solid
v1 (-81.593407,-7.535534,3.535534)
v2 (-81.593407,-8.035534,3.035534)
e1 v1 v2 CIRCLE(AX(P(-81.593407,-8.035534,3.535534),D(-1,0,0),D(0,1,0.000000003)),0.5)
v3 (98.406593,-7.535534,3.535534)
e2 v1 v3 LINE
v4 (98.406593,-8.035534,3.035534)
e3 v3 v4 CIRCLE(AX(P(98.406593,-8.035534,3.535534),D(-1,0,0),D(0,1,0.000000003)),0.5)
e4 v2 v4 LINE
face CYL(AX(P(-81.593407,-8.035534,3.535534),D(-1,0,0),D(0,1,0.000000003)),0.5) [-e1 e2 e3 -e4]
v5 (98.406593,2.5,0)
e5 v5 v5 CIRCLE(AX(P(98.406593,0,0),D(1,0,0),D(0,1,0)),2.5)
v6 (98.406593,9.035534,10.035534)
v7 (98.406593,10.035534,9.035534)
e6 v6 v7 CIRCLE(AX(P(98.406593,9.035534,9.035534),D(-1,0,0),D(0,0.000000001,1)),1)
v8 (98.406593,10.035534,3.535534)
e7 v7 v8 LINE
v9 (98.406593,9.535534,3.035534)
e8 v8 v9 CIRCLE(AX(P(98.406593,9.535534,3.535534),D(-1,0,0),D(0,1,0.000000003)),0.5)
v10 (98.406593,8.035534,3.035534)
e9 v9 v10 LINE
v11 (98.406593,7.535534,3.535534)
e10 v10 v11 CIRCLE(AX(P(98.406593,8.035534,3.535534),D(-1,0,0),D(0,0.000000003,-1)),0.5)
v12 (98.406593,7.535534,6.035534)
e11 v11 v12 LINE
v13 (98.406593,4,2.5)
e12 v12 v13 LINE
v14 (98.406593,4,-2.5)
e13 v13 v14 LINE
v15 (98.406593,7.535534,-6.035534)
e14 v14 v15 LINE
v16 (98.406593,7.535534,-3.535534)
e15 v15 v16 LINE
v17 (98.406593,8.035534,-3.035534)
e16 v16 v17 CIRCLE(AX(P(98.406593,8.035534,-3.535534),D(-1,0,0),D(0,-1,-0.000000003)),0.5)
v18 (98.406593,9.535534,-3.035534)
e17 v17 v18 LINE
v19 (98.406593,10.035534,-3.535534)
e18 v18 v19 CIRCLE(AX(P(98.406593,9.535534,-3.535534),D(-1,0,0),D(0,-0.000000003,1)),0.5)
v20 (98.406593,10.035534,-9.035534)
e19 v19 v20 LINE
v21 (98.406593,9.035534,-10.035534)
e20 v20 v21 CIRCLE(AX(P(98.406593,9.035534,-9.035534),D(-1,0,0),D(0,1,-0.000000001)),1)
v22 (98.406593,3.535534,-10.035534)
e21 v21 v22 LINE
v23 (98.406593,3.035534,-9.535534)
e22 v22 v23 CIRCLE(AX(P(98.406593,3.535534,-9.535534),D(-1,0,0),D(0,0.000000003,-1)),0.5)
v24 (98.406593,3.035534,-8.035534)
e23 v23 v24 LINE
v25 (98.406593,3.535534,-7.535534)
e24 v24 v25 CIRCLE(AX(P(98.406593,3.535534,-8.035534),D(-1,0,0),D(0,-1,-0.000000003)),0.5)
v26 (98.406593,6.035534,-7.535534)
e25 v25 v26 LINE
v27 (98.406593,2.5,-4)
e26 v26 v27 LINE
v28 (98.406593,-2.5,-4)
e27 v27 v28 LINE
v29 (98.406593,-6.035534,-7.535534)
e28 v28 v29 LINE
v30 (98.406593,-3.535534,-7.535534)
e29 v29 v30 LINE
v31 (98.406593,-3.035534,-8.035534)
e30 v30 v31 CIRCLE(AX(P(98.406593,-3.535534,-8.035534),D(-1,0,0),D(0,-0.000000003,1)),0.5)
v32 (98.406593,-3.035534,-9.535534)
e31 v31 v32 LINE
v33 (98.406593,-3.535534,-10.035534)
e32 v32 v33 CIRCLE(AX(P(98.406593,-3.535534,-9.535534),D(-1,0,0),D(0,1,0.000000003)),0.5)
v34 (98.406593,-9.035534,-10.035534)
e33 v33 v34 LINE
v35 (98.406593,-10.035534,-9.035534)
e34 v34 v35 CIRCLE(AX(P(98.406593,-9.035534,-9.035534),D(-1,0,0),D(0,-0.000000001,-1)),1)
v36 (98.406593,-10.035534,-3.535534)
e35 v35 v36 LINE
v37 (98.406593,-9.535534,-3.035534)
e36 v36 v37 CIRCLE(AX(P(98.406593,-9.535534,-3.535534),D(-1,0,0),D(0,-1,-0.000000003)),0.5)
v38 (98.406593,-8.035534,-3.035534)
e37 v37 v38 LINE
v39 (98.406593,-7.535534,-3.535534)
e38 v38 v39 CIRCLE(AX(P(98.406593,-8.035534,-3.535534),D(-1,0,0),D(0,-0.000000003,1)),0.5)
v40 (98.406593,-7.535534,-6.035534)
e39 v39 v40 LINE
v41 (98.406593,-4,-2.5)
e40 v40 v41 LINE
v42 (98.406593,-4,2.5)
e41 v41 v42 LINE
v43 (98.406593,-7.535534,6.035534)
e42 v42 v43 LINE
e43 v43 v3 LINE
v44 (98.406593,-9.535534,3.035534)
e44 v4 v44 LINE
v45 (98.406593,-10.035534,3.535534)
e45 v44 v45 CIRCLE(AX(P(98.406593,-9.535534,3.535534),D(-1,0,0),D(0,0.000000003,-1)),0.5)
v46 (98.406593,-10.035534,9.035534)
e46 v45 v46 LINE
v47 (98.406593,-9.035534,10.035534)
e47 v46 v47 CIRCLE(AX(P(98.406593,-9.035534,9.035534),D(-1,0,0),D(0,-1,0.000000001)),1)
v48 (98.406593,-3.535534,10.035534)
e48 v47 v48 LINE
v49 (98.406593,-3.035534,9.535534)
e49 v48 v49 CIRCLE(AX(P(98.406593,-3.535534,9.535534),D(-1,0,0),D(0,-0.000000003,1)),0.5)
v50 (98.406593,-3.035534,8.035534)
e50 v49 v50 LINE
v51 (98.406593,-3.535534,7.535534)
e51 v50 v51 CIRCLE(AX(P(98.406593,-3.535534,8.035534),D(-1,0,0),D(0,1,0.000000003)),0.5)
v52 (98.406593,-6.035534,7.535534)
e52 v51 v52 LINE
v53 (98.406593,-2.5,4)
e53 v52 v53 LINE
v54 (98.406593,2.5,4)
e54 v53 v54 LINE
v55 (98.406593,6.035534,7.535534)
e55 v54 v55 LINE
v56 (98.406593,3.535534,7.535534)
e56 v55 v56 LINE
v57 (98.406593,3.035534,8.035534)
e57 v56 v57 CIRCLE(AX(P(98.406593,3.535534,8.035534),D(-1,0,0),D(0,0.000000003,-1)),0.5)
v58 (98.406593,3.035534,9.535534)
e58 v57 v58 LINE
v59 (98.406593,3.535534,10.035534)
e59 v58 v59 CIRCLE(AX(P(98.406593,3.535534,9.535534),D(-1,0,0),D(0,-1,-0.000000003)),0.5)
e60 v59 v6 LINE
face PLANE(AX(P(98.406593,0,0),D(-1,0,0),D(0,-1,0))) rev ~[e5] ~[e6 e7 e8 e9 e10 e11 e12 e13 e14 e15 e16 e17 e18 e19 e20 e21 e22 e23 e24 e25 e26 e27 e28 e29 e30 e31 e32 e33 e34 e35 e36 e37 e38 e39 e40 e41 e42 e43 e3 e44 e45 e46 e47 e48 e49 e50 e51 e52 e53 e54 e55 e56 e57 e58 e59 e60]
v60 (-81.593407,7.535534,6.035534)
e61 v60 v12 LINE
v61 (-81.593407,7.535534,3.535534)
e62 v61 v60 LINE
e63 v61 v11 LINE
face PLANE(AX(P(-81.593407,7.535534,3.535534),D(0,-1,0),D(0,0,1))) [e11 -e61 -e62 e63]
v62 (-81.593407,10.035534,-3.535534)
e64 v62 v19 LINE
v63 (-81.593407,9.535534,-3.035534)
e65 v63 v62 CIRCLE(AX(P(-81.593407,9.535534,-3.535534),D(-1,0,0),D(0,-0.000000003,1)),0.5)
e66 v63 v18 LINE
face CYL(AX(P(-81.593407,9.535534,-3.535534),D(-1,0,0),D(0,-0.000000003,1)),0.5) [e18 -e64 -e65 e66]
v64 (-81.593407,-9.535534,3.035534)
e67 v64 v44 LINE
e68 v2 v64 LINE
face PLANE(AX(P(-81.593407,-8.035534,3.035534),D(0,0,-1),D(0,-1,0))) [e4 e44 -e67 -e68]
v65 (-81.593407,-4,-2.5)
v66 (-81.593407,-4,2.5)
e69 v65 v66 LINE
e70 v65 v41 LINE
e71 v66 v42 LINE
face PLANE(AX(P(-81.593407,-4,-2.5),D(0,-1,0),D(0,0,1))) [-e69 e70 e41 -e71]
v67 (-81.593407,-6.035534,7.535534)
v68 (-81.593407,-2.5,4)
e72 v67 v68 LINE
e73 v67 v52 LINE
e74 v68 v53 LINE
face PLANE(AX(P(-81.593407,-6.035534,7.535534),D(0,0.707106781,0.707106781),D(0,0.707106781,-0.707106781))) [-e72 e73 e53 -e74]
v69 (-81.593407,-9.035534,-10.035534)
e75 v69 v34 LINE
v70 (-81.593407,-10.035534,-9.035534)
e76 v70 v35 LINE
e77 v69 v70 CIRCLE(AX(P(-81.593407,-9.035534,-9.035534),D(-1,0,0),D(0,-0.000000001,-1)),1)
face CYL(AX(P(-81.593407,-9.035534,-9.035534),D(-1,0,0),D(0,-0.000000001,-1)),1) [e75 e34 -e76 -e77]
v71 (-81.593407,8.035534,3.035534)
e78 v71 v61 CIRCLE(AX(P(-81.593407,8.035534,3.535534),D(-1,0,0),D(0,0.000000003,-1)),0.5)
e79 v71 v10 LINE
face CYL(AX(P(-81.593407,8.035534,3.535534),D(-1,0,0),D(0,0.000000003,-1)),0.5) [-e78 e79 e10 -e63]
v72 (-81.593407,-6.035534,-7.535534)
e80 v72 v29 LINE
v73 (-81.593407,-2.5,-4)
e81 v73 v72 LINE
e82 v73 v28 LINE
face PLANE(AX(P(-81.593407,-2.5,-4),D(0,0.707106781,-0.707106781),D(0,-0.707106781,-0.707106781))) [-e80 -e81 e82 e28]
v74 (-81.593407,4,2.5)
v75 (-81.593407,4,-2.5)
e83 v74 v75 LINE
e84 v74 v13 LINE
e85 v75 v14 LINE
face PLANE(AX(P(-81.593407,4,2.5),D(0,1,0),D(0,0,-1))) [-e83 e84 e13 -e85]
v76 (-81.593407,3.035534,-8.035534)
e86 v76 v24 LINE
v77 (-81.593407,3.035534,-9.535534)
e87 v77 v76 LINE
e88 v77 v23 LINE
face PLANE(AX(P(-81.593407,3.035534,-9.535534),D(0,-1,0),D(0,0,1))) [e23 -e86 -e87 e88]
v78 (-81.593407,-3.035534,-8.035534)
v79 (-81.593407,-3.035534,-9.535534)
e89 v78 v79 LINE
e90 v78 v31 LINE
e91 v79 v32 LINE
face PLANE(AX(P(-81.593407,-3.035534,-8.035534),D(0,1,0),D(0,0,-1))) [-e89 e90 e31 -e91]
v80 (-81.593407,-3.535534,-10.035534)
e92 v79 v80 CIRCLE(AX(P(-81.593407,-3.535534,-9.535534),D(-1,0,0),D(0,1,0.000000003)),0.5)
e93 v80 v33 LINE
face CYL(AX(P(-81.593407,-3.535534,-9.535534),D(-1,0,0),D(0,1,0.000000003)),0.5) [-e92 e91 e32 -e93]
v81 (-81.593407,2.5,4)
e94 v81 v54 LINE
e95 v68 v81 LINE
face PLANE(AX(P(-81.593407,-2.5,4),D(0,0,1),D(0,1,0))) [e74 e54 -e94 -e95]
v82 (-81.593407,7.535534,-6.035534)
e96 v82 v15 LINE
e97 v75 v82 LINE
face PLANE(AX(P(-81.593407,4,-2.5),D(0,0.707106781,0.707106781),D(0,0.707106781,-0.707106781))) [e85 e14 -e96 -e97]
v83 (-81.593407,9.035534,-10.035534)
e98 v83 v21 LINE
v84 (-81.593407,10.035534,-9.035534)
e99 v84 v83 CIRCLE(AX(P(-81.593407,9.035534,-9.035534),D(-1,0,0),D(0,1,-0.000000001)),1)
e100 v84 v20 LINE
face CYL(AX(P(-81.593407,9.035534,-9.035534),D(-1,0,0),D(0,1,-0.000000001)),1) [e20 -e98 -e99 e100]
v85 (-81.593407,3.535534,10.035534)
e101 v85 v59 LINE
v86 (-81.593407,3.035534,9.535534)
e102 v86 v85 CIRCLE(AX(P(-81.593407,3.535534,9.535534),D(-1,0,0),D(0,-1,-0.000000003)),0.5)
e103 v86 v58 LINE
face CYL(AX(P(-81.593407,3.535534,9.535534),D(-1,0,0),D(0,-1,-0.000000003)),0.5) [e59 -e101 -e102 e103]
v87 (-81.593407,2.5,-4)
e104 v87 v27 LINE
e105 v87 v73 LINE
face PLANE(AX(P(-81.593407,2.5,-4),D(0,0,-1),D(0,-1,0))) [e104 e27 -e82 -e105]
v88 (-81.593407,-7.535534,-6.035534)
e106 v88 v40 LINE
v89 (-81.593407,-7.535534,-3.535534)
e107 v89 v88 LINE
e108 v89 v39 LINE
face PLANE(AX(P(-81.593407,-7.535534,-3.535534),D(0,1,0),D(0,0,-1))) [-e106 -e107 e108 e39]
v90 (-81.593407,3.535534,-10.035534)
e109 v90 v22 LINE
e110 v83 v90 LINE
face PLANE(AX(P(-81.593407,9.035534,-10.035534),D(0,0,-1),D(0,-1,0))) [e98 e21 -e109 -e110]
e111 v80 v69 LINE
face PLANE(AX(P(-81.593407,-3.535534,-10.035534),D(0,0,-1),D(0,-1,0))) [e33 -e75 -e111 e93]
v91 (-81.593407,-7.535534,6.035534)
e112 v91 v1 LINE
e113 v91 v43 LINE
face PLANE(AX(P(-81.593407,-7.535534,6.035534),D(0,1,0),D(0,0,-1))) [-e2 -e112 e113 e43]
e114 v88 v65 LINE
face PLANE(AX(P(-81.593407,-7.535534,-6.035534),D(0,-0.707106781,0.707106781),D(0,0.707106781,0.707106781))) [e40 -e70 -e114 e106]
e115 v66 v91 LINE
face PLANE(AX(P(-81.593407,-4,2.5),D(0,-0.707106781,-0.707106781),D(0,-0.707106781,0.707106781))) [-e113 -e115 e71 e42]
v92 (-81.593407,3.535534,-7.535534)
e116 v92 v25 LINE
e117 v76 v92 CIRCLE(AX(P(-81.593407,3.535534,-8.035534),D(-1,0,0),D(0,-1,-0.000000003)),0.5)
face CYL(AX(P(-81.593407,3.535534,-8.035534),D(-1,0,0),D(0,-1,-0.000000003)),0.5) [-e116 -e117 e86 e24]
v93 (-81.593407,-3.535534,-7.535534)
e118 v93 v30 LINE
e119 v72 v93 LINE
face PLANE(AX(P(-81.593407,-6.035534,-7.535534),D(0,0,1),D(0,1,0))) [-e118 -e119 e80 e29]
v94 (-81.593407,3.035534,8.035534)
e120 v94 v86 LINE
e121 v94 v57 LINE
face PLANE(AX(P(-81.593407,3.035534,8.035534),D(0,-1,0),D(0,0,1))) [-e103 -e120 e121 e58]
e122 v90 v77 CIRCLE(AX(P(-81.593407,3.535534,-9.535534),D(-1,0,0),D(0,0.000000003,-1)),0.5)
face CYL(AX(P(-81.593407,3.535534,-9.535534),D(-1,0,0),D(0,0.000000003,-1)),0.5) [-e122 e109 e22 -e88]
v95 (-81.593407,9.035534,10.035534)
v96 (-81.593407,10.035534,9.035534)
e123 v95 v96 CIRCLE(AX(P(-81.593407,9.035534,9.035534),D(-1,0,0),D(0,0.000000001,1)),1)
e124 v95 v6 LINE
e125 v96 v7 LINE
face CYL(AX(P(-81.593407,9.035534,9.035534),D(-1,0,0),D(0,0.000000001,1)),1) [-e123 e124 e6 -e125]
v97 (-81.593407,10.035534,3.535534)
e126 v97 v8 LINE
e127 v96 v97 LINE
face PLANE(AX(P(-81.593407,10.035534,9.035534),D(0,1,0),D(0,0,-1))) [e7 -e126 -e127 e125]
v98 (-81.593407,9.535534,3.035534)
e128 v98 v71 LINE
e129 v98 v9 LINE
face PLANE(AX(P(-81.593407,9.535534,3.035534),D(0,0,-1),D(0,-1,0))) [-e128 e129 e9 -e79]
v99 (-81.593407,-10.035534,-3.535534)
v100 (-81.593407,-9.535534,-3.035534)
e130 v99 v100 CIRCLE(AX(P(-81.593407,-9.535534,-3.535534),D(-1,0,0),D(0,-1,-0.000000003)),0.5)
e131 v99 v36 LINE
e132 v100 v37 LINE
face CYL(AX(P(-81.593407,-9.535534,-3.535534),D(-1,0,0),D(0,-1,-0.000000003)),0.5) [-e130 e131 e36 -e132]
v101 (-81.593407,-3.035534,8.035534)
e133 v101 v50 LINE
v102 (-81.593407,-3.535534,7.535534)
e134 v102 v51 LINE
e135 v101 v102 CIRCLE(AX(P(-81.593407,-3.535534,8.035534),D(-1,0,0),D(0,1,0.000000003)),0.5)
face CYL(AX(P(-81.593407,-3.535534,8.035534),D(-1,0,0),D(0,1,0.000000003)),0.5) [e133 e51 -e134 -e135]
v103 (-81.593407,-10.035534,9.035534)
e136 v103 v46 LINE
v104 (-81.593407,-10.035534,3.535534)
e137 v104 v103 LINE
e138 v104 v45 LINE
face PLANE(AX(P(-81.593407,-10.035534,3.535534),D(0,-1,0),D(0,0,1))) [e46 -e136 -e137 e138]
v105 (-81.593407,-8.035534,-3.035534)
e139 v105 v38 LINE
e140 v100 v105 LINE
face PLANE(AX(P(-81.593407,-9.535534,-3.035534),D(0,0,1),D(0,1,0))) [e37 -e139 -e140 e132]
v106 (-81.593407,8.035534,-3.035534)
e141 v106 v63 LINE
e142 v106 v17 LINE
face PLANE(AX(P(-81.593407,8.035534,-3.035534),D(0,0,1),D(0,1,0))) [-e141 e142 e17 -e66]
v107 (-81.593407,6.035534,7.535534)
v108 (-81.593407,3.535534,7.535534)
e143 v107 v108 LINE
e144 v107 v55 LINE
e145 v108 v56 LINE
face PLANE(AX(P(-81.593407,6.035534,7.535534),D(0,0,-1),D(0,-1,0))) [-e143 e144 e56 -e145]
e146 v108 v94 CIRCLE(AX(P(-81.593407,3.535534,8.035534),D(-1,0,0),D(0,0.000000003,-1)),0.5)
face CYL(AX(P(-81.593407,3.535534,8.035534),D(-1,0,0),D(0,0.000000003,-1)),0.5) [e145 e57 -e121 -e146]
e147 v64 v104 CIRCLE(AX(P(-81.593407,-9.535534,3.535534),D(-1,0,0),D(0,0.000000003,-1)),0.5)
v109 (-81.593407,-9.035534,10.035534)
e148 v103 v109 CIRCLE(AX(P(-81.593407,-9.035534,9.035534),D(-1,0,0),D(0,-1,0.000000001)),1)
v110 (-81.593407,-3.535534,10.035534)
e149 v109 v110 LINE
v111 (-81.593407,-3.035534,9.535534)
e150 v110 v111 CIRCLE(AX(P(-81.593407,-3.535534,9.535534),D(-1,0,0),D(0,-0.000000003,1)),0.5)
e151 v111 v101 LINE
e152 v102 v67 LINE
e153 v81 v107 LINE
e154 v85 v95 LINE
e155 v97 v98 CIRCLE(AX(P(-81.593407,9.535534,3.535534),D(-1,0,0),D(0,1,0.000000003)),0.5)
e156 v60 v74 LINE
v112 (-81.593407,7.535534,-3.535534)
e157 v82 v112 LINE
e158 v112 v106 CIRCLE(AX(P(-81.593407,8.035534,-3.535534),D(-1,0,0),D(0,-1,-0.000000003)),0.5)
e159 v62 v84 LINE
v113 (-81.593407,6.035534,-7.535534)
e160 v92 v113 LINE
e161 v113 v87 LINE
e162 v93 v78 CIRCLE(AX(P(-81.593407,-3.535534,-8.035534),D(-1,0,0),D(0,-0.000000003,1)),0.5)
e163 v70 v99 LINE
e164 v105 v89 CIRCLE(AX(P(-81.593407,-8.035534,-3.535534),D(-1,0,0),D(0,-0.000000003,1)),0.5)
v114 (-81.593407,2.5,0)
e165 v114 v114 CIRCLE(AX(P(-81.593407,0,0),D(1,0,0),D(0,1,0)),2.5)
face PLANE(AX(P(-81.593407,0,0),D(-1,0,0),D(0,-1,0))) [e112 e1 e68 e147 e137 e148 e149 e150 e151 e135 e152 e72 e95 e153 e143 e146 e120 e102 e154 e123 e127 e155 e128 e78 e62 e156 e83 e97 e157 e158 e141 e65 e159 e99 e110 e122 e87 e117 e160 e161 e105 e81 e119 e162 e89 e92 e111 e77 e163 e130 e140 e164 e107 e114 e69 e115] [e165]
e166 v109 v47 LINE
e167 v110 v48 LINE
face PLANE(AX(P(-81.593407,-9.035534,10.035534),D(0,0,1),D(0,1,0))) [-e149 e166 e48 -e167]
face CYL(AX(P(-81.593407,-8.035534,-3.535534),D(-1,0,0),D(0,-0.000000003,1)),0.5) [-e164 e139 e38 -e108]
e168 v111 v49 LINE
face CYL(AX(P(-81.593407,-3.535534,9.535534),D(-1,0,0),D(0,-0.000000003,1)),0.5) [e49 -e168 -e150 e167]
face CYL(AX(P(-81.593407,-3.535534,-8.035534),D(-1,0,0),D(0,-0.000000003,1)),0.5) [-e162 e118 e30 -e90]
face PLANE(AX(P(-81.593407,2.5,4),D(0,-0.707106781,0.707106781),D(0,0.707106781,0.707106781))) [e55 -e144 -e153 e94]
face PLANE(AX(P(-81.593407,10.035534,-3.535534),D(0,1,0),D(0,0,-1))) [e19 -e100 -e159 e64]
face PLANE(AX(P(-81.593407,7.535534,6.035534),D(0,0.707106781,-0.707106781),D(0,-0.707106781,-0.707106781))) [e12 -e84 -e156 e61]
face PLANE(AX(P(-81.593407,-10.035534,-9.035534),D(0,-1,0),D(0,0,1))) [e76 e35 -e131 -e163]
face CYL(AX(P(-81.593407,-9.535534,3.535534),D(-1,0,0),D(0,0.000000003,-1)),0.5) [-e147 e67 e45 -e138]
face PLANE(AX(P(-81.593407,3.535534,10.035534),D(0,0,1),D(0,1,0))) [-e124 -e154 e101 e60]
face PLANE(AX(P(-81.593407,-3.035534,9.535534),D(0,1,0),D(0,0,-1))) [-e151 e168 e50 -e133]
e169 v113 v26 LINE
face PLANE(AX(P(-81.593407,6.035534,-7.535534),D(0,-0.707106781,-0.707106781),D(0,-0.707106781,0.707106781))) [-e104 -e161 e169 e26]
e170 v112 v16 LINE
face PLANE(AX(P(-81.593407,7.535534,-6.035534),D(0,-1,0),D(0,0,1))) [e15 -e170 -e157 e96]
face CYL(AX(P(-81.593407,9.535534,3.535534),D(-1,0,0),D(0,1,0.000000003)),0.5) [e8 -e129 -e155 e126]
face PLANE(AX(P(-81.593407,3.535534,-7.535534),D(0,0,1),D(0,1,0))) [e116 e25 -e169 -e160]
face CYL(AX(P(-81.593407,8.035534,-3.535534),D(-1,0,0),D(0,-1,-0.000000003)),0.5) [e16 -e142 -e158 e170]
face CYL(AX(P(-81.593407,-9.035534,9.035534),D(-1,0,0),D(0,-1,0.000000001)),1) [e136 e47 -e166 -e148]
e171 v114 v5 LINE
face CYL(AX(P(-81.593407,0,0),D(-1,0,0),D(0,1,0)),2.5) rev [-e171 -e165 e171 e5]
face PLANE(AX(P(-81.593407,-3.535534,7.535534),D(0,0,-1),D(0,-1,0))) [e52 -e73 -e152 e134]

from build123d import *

# Parameters (mm, degrees)
SKETCH11_R                            = 2.5
ALUMINIUM_PROF_ALUMINIUM_PROF_1_DEPTH = 180


with BuildPart() as part:
    # Sketch11 → Aluminium prof ALUMINIUM PROF(1) (new body)
    with BuildSketch(Plane.YZ.offset(-81.593406593)):
        with BuildLine():
            Line((-2.5, 4), (2.5, 4))
            Line((2.5, 4), (6.035533906, 7.535533906))
            Line((6.035533906, 7.535533906), (3.535533906, 7.535533906))
            ThreePointArc((3.535533906, 7.535533906), (3.181980515, 7.681980515), (3.035533906, 8.035533906))
            Line((3.035533906, 8.035533906), (3.035533906, 9.535533906))
            ThreePointArc((3.035533906, 9.535533906), (3.181980515, 9.889087297), (3.535533906, 10.035533906))
            Line((3.535533906, 10.035533906), (9.035533906, 10.035533906))
            ThreePointArc((9.035533906, 10.035533906), (9.742640687, 9.742640687), (10.035533906, 9.035533906))
            Line((10.035533906, 9.035533906), (10.035533906, 3.535533906))
            ThreePointArc((10.035533906, 3.535533906), (9.889087297, 3.181980515), (9.535533906, 3.035533906))
            Line((9.535533906, 3.035533906), (8.035533906, 3.035533906))
            ThreePointArc((8.035533906, 3.035533906), (7.681980515, 3.181980515), (7.535533906, 3.535533906))
            Line((7.535533906, 3.535533906), (7.535533906, 6.035533906))
            Line((7.535533906, 6.035533906), (4, 2.5))
            Line((4, 2.5), (4, -2.5))
            Line((4, -2.5), (7.535533906, -6.035533906))
            Line((7.535533906, -6.035533906), (7.535533906, -3.535533906))
            ThreePointArc((7.535533906, -3.535533906), (7.681980515, -3.181980515), (8.035533906, -3.035533906))
            Line((8.035533906, -3.035533906), (9.535533906, -3.035533906))
            ThreePointArc((9.535533906, -3.035533906), (9.889087297, -3.181980515), (10.035533906, -3.535533906))
            Line((10.035533906, -3.535533906), (10.035533906, -9.035533906))
            ThreePointArc((10.035533906, -9.035533906), (9.742640687, -9.742640687), (9.035533906, -10.035533906))
            Line((9.035533906, -10.035533906), (3.535533906, -10.035533906))
            ThreePointArc((3.535533906, -10.035533906), (3.181980515, -9.889087297), (3.035533906, -9.535533906))
            Line((3.035533906, -9.535533906), (3.035533906, -8.035533906))
            ThreePointArc((3.035533906, -8.035533906), (3.181980515, -7.681980515), (3.535533906, -7.535533906))
            Line((3.535533906, -7.535533906), (6.035533906, -7.535533906))
            Line((6.035533906, -7.535533906), (2.5, -4))
            Line((2.5, -4), (-2.5, -4))
            Line((-2.5, -4), (-6.035533906, -7.535533906))
            Line((-6.035533906, -7.535533906), (-3.535533906, -7.535533906))
            ThreePointArc((-3.535533906, -7.535533906), (-3.181980515, -7.681980515), (-3.035533906, -8.035533906))
            Line((-3.035533906, -8.035533906), (-3.035533906, -9.535533906))
            ThreePointArc((-3.035533906, -9.535533906), (-3.181980515, -9.889087297), (-3.535533906, -10.035533906))
            Line((-3.535533906, -10.035533906), (-9.035533906, -10.035533906))
            ThreePointArc((-9.035533906, -10.035533906), (-9.742640687, -9.742640687), (-10.035533906, -9.035533906))
            Line((-10.035533906, -9.035533906), (-10.035533906, -3.535533906))
            ThreePointArc((-10.035533906, -3.535533906), (-9.889087297, -3.181980515), (-9.535533906, -3.035533906))
            Line((-9.535533906, -3.035533906), (-8.035533906, -3.035533906))
            ThreePointArc((-8.035533906, -3.035533906), (-7.681980515, -3.181980515), (-7.535533906, -3.535533906))
            Line((-7.535533906, -3.535533906), (-7.535533906, -6.035533906))
            Line((-7.535533906, -6.035533906), (-4, -2.5))
            Line((-4, -2.5), (-4, 2.5))
            Line((-4, 2.5), (-7.535533906, 6.035533906))
            Line((-7.535533906, 6.035533906), (-7.535533906, 3.535533906))
            ThreePointArc((-7.535533906, 3.535533906), (-7.681980515, 3.181980515), (-8.035533906, 3.035533906))
            Line((-8.035533906, 3.035533906), (-9.535533906, 3.035533906))
            ThreePointArc((-9.535533906, 3.035533906), (-9.889087297, 3.181980515), (-10.035533906, 3.535533906))
            Line((-10.035533906, 3.535533906), (-10.035533906, 9.035533906))
            ThreePointArc((-10.035533906, 9.035533906), (-9.742640687, 9.742640687), (-9.035533906, 10.035533906))
            Line((-9.035533906, 10.035533906), (-3.535533906, 10.035533906))
            ThreePointArc((-3.535533906, 10.035533906), (-3.181980515, 9.889087297), (-3.035533906, 9.535533906))
            Line((-3.035533906, 9.535533906), (-3.035533906, 8.035533906))
            ThreePointArc((-3.035533906, 8.035533906), (-3.181980515, 7.681980515), (-3.535533906, 7.535533906))
            Line((-3.535533906, 7.535533906), (-6.035533906, 7.535533906))
            Line((-6.035533906, 7.535533906), (-2.5, 4))
        make_face()
        Circle(SKETCH11_R, mode=Mode.SUBTRACT)
    extrude(amount=ALUMINIUM_PROF_ALUMINIUM_PROF_1_DEPTH)


solid = part.part
